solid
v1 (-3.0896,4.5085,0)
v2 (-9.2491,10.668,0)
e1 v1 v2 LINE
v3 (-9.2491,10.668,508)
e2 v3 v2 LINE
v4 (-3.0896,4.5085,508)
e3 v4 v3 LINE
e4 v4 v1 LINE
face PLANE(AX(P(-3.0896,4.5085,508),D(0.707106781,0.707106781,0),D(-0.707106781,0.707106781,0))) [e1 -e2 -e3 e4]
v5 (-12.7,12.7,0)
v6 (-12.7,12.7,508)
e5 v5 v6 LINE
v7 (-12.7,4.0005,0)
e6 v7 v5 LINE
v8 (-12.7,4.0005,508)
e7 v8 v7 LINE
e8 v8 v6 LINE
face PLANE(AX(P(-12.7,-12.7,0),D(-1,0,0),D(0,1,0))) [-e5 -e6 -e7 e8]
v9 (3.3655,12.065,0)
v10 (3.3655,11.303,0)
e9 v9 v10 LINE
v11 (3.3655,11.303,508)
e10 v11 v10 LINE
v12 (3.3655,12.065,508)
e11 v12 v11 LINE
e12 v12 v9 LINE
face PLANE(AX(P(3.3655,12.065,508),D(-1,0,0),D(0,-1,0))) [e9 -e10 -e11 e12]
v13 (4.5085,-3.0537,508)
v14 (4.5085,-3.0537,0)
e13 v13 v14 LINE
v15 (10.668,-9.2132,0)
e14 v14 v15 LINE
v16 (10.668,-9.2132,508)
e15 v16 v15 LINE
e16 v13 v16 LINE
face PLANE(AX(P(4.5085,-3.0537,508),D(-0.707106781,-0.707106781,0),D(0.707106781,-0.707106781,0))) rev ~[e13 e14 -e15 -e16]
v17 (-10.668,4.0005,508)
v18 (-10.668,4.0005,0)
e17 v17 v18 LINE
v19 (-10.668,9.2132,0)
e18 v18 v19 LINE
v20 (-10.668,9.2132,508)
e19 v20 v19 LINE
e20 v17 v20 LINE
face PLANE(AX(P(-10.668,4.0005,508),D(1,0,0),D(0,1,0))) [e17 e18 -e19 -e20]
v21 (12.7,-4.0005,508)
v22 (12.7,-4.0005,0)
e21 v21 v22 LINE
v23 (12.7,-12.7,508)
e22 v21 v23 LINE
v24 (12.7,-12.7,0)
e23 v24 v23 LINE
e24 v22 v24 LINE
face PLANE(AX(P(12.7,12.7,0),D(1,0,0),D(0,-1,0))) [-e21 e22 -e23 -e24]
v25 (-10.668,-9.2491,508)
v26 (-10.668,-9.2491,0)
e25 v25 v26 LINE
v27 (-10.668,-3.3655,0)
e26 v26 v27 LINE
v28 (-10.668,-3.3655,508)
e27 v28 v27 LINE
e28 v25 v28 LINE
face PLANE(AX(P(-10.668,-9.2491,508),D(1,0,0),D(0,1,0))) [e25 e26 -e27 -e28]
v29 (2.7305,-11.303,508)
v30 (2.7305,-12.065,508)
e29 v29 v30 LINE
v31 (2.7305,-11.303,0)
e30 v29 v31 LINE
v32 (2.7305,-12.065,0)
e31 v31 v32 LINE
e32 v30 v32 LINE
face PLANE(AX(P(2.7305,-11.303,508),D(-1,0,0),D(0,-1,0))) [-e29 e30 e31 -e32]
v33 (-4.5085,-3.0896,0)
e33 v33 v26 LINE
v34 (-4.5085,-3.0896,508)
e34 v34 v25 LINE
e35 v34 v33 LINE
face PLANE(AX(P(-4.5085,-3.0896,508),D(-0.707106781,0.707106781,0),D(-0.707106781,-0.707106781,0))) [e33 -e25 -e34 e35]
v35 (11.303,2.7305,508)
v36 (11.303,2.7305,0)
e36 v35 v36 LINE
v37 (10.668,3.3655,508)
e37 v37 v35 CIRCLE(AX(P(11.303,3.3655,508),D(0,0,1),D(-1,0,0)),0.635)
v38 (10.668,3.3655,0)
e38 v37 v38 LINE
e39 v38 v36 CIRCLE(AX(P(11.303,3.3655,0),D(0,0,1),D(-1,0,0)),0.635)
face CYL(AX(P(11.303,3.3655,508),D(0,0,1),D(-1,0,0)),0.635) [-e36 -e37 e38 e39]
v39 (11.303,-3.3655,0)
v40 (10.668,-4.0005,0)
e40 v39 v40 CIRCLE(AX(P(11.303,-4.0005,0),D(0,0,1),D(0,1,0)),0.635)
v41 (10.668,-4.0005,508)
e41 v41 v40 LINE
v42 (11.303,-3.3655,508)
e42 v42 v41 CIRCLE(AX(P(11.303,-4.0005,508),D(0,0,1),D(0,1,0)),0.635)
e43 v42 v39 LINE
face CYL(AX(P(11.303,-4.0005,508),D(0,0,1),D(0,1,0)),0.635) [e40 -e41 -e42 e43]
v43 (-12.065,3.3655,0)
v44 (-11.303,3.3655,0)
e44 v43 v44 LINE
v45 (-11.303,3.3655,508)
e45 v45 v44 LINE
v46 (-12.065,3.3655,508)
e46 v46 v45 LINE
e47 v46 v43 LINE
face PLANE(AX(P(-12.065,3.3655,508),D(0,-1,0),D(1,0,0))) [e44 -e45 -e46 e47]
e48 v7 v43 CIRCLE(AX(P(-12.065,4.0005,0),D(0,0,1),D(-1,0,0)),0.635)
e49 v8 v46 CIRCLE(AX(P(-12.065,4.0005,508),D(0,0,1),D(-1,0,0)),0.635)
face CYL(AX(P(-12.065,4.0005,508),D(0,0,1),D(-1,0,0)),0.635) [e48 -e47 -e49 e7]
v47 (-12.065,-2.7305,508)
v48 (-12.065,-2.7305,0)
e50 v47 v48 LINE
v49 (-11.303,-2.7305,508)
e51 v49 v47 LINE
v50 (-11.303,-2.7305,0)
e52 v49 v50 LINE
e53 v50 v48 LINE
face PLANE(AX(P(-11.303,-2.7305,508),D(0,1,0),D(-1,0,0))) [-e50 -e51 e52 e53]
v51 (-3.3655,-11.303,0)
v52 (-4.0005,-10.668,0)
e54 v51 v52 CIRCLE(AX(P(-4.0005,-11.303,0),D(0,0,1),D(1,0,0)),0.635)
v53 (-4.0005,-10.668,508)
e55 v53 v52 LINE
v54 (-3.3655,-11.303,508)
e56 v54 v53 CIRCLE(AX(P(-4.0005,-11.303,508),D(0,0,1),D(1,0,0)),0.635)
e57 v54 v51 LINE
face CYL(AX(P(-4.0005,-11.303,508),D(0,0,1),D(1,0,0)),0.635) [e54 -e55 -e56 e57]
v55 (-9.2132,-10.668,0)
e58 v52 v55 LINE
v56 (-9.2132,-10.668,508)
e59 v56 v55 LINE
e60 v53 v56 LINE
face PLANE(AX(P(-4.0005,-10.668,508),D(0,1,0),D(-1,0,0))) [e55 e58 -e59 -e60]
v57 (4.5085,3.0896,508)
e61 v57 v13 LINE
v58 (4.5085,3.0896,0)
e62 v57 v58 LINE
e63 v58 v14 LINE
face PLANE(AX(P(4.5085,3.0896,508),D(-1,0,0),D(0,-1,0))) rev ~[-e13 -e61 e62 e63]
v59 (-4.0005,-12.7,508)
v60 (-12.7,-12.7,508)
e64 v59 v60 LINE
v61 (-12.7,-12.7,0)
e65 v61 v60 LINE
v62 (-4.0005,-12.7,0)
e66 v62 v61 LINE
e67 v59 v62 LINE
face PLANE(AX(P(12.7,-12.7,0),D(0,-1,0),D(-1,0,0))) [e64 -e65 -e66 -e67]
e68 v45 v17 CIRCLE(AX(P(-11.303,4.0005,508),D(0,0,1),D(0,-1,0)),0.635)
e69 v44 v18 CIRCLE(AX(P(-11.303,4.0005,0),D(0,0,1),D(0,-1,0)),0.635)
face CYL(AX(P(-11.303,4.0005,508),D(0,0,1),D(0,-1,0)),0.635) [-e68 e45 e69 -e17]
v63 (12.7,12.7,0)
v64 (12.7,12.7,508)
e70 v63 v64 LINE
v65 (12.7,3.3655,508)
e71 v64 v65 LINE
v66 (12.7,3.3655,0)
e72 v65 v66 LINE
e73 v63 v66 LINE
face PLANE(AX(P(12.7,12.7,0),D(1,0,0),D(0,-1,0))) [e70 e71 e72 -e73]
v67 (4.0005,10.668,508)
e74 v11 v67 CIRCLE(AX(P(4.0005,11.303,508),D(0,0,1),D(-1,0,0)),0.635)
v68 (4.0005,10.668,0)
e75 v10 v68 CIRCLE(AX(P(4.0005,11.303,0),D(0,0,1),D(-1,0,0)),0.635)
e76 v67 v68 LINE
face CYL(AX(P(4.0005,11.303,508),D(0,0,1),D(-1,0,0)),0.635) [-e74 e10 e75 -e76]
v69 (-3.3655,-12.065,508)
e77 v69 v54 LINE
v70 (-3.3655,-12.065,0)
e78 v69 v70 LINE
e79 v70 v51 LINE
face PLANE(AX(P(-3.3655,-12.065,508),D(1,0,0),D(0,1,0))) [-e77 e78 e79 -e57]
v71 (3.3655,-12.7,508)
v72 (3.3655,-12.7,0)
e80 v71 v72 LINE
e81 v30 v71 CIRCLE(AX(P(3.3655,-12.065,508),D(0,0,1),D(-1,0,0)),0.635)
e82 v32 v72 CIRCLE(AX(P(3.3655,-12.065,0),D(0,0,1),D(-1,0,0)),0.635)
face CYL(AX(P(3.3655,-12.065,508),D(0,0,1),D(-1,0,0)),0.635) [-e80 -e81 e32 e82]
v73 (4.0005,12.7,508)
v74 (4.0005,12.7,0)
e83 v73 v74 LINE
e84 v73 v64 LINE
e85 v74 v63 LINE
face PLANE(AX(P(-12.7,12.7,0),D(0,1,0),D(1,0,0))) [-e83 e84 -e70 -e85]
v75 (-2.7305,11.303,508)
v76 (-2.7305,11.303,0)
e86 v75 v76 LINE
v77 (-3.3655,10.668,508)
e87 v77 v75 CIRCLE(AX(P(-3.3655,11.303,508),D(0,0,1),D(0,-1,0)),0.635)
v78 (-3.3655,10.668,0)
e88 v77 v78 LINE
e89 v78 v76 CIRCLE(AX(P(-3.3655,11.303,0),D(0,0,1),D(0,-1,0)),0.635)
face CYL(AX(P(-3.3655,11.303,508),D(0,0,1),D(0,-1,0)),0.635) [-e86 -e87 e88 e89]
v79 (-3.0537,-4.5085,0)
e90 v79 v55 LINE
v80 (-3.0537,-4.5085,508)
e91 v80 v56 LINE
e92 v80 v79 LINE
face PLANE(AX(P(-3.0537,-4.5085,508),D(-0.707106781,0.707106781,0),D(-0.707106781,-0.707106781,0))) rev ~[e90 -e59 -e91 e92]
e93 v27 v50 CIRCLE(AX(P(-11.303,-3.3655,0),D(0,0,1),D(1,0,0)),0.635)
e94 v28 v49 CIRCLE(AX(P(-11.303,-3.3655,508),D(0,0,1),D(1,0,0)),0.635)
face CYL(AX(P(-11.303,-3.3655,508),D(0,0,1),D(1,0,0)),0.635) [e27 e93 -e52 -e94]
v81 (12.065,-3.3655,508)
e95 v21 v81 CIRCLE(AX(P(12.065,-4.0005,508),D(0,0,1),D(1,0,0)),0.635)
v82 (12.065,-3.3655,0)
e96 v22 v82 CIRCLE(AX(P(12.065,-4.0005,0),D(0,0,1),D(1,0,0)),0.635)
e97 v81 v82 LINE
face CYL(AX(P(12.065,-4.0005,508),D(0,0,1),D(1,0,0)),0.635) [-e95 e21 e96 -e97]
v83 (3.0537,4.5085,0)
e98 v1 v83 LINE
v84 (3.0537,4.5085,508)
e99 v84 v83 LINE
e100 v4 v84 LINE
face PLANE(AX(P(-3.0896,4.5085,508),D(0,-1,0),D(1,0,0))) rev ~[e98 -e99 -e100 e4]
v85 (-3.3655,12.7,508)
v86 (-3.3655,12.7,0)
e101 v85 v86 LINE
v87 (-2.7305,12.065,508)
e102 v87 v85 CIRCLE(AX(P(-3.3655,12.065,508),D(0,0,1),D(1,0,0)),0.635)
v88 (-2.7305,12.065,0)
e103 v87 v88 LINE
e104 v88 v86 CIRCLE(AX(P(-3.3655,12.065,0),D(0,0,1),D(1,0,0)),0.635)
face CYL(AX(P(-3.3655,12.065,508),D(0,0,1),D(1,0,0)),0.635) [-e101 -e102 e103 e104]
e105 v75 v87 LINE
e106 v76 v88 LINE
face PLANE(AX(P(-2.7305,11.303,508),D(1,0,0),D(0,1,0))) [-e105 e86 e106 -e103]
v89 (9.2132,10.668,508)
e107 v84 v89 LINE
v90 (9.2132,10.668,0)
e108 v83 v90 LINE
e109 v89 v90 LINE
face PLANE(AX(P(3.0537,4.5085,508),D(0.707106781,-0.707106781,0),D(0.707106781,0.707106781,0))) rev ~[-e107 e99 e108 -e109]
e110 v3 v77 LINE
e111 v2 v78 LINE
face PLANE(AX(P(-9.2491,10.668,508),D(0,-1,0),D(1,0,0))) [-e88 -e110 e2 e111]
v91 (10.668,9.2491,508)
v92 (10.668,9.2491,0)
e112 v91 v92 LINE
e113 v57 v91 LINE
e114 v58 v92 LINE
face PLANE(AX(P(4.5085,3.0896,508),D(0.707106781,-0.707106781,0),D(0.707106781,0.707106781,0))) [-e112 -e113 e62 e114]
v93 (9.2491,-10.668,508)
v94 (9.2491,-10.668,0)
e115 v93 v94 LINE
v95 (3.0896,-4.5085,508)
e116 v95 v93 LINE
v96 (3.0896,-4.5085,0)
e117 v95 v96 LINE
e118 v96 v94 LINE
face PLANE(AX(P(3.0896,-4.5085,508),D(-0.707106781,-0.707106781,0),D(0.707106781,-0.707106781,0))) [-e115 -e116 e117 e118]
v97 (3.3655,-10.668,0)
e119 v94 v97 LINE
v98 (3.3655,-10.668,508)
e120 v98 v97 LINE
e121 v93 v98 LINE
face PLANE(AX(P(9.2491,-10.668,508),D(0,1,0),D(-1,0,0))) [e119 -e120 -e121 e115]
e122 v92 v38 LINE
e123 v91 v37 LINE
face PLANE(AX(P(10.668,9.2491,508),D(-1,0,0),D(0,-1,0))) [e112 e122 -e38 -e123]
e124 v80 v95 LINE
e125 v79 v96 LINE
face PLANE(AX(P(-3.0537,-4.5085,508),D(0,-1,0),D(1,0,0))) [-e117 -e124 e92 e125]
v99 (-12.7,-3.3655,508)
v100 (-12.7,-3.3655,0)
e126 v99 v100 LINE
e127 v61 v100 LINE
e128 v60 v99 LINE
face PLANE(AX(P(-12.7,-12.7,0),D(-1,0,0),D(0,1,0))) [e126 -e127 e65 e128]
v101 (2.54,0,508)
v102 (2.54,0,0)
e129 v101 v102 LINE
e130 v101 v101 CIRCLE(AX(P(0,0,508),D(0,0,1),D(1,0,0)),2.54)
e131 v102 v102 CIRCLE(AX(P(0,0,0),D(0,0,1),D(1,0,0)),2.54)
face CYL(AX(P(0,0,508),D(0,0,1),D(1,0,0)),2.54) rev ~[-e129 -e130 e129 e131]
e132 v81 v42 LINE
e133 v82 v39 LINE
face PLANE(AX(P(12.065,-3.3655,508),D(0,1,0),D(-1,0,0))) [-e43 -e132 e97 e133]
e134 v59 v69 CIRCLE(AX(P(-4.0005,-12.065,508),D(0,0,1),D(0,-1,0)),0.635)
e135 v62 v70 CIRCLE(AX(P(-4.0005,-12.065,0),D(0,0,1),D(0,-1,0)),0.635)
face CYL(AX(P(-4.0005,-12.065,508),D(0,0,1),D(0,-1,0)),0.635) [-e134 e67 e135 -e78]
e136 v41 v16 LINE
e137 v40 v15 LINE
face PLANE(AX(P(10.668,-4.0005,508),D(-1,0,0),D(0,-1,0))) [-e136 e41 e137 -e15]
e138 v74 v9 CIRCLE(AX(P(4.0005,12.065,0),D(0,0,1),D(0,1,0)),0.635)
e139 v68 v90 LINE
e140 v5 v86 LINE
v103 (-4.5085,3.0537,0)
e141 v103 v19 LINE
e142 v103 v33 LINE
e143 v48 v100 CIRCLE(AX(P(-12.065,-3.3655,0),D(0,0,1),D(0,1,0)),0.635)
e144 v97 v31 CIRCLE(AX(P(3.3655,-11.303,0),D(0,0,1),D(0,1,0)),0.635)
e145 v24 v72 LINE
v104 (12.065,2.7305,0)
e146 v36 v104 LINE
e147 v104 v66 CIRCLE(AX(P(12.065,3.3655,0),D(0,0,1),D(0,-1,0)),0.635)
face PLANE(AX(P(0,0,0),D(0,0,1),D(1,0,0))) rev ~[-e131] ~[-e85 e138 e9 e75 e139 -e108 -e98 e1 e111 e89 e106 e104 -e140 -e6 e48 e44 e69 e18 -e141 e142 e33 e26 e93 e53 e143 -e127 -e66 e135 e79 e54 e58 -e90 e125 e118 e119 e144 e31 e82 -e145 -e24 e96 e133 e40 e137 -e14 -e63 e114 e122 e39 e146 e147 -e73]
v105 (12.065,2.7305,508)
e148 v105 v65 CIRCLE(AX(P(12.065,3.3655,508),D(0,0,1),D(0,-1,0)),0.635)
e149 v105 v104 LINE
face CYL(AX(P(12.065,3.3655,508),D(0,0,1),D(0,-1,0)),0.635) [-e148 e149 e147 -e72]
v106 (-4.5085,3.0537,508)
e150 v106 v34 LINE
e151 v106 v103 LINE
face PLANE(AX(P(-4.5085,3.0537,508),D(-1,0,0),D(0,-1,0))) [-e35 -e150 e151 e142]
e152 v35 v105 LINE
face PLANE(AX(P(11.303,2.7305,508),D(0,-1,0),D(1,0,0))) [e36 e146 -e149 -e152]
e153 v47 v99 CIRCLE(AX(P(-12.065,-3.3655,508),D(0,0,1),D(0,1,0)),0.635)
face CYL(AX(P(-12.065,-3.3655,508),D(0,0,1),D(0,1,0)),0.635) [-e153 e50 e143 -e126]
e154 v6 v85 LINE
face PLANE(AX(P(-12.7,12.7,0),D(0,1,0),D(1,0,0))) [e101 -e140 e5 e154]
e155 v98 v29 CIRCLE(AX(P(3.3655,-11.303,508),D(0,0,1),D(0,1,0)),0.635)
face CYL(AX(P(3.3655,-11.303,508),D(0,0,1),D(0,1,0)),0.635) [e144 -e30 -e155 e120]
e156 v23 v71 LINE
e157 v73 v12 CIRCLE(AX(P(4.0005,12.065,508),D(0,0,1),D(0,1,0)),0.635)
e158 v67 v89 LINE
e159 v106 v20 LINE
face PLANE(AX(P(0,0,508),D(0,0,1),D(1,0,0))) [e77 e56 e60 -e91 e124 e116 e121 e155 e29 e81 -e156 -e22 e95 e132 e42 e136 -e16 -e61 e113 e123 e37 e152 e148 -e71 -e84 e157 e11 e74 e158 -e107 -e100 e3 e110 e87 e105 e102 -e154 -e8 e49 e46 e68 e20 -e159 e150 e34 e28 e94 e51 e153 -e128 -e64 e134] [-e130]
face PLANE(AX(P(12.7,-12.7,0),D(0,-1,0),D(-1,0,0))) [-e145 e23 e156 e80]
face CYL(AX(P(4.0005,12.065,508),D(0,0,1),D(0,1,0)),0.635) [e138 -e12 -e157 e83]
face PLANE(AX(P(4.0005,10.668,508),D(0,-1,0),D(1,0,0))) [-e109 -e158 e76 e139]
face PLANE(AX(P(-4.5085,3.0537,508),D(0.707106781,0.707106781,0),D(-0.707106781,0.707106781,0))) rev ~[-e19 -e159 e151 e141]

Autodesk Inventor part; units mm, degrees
ref_plane "YZ Plane" through (0, 0, 0) normal (1, 0, 0) x (0, 1, 0)
ref_plane "XZ Plane" through (0, 0, 0) normal (0, 1, 0) x (-1, 0, 0)
ref_plane "XY Plane" through (0, 0, 0) normal (0, 0, 1) x (1, 0, 0)
sketch "Sketch1" plane through (0, 0, 0) normal (0, 0, 1) x (1, 0, 0)
  line L0 (-12.7, 12.7) -> (12.7, 12.7)
  line L1 (12.7, 12.7) -> (12.7, -12.7)
  line L2 (12.7, -12.7) -> (-12.7, -12.7)
  line L3 (-12.7, -12.7) -> (-12.7, 12.7)
  point P0 (0, 0)
  dimension "d0" = 25.4
  dimension "d1" = 25.4
  dimension "d2" = 12.7
  dimension "d3" = 12.7
extrude "Extrusion1" add sketch "Sketch1" along normal blind 508
sketch "Sketch2" plane through (0, 0, 508) normal (0, 0, 1) x (1, 0, 0)
  circle A0 centre (0, 0) radius 2.54
  line L0 (-4.5085, 4.5085) -> (4.5085, 4.5085)
  line L1 (-4.5085, -4.5085) -> (4.5085, -4.5085)
  line L2 (4.5085, 4.5085) -> (4.5085, -4.5085)
  line L3 (-4.5085, 4.5085) -> (-4.5085, -4.5085)
  line L4 (-3.0896, 4.5085) -> (-11.2811, 12.7)
  line L5 (-4.5085, 3.0537) -> (-12.7, 11.2452)
  line L6 (12.7, 12.7) -> (-12.7, 12.7) projected
  line L7 (-12.7, 12.7) -> (-12.7, 4.0005)
  line L8 (-10.668, 4.0005) -> (-10.668, 9.2132)
  line L9 (-9.2491, 10.668) -> (-3.3655, 10.668)
  line L10 (-12.7, 12.7) -> (-3.3655, 12.7)
  line L11 (-2.7305, 11.303) -> (-2.7305, 12.065)
  line L12 (-12.065, 3.3655) -> (-11.303, 3.3655)
  arc A1 (-12.7, 4.0005) -> (-12.065, 3.3655) centre (-12.065, 4.0005) ccw
  arc A2 (-11.303, 3.3655) -> (-10.668, 4.0005) centre (-11.303, 4.0005) ccw
  arc A3 (-3.3655, 10.668) -> (-2.7305, 11.303) centre (-3.3655, 11.303) ccw
  arc A4 (-2.7305, 12.065) -> (-3.3655, 12.7) centre (-3.3655, 12.065) ccw
  arc A5 (-3.3655, -11.303) -> (-4.0005, -10.668) centre (-4.0005, -11.303) ccw
  line L13 (-3.3655, -12.065) -> (-3.3655, -11.303)
  arc A6 (-4.0005, -12.7) -> (-3.3655, -12.065) centre (-4.0005, -12.065) ccw
  line L14 (-3.0537, -4.5085) -> (-11.2452, -12.7)
  line L15 (-10.668, -9.2491) -> (-10.668, -3.3655)
  line L16 (-4.5085, -3.0896) -> (-12.7, -11.2811)
  line L17 (-12.7, -12.7) -> (-12.7, -3.3655)
  arc A7 (-10.668, -3.3655) -> (-11.303, -2.7305) centre (-11.303, -3.3655) ccw
  line L18 (-11.303, -2.7305) -> (-12.065, -2.7305)
  arc A8 (-12.065, -2.7305) -> (-12.7, -3.3655) centre (-12.065, -3.3655) ccw
  line L19 (-4.0005, -10.668) -> (-9.2132, -10.668)
  line L20 (-12.7, -12.7) -> (-4.0005, -12.7)
  arc A9 (11.303, -3.3655) -> (10.668, -4.0005) centre (11.303, -4.0005) ccw
  line L21 (12.065, -3.3655) -> (11.303, -3.3655)
  arc A10 (12.7, -4.0005) -> (12.065, -3.3655) centre (12.065, -4.0005) ccw
  line L22 (4.5085, -3.0537) -> (12.7, -11.2452)
  line L23 (9.2491, -10.668) -> (3.3655, -10.668)
  line L24 (3.0896, -4.5085) -> (11.2811, -12.7)
  line L25 (12.7, -12.7) -> (3.3655, -12.7)
  arc A11 (3.3655, -10.668) -> (2.7305, -11.303) centre (3.3655, -11.303) ccw
  line L26 (2.7305, -11.303) -> (2.7305, -12.065)
  arc A12 (2.7305, -12.065) -> (3.3655, -12.7) centre (3.3655, -12.065) ccw
  line L27 (10.668, -4.0005) -> (10.668, -9.2132)
  line L28 (12.7, -12.7) -> (12.7, -4.0005)
  arc A13 (3.3655, 11.303) -> (4.0005, 10.668) centre (4.0005, 11.303) ccw
  line L29 (3.3655, 12.065) -> (3.3655, 11.303)
  arc A14 (4.0005, 12.7) -> (3.3655, 12.065) centre (4.0005, 12.065) ccw
  line L30 (3.0537, 4.5085) -> (11.2452, 12.7)
  line L31 (10.668, 9.2491) -> (10.668, 3.3655)
  line L32 (4.5085, 3.0896) -> (12.7, 11.2811)
  line L33 (12.7, 12.7) -> (12.7, 3.3655)
  arc A15 (10.668, 3.3655) -> (11.303, 2.7305) centre (11.303, 3.3655) ccw
  line L34 (11.303, 2.7305) -> (12.065, 2.7305)
  arc A16 (12.065, 2.7305) -> (12.7, 3.3655) centre (12.065, 3.3655) ccw
  line L35 (4.0005, 10.668) -> (9.2132, 10.668)
  line L36 (12.7, 12.7) -> (4.0005, 12.7)
  line L37 (-4.5085, 3.0537) -> (-4.5085, 4.5085)
  line L38 (-3.0896, 4.5085) -> (-4.5085, 4.5085)
  line L39 (-12.7, -12.7) -> (-4.0005, -12.7)
  line L40 (-4.0005, -10.668) -> (-9.2132, -10.668)
  line L41 (-10.668, -9.2491) -> (-10.668, -3.3655)
  line L42 (-12.7, -12.7) -> (-12.7, -3.3655)
  line L43 (-11.303, -2.7305) -> (-12.065, -2.7305)
  arc A17 (-10.668, -3.3655) -> (-11.303, -2.7305) centre (-11.303, -3.3655) ccw
  arc A18 (-12.065, -2.7305) -> (-12.7, -3.3655) centre (-12.065, -3.3655) ccw
  line L44 (-4.5085, -3.0896) -> (-4.5085, -4.5085)
  line L45 (-4.5085, -3.0896) -> (-12.7, -11.2811)
  line L46 (-3.0537, -4.5085) -> (-4.5085, -4.5085)
  line L47 (-3.0537, -4.5085) -> (-11.2452, -12.7)
  line L48 (-4.5085, -4.5085) -> (-4.5085, 4.5085)
  circle A19 centre (0, 0) radius 2.54
  line L49 (-4.5085, -4.5085) -> (4.5085, -4.5085)
  line L50 (-3.3655, -12.065) -> (-3.3655, -11.303)
  arc A20 (-4.0005, -12.7) -> (-3.3655, -12.065) centre (-4.0005, -12.065) ccw
  arc A21 (-3.3655, -11.303) -> (-4.0005, -10.668) centre (-4.0005, -11.303) ccw
  line L51 (12.7, -12.7) -> (12.7, -4.0005)
  line L52 (10.668, -4.0005) -> (10.668, -9.2132)
  line L53 (9.2491, -10.668) -> (3.3655, -10.668)
  line L54 (12.7, -12.7) -> (3.3655, -12.7)
  line L55 (2.7305, -11.303) -> (2.7305, -12.065)
  arc A22 (3.3655, -10.668) -> (2.7305, -11.303) centre (3.3655, -11.303) ccw
  arc A23 (2.7305, -12.065) -> (3.3655, -12.7) centre (3.3655, -12.065) ccw
  line L56 (3.0896, -4.5085) -> (4.5085, -4.5085)
  line L57 (3.0896, -4.5085) -> (11.2811, -12.7)
  line L58 (4.5085, -3.0537) -> (4.5085, -4.5085)
  line L59 (4.5085, -3.0537) -> (12.7, -11.2452)
  line L60 (4.5085, -4.5085) -> (-4.5085, -4.5085)
  circle A24 centre (0, 0) radius 2.54
  line L61 (4.5085, -4.5085) -> (4.5085, 4.5085)
  line L62 (12.065, -3.3655) -> (11.303, -3.3655)
  arc A25 (12.7, -4.0005) -> (12.065, -3.3655) centre (12.065, -4.0005) ccw
  arc A26 (11.303, -3.3655) -> (10.668, -4.0005) centre (11.303, -4.0005) ccw
  line L63 (12.7, 12.7) -> (4.0005, 12.7)
  line L64 (4.0005, 10.668) -> (9.2132, 10.668)
  line L65 (10.668, 9.2491) -> (10.668, 3.3655)
  line L66 (12.7, 12.7) -> (12.7, 3.3655)
  line L67 (11.303, 2.7305) -> (12.065, 2.7305)
  arc A27 (10.668, 3.3655) -> (11.303, 2.7305) centre (11.303, 3.3655) ccw
  arc A28 (12.065, 2.7305) -> (12.7, 3.3655) centre (12.065, 3.3655) ccw
  line L68 (4.5085, 3.0896) -> (4.5085, 4.5085)
  line L69 (4.5085, 3.0896) -> (12.7, 11.2811)
  line L70 (3.0537, 4.5085) -> (4.5085, 4.5085)
  line L71 (3.0537, 4.5085) -> (11.2452, 12.7)
  line L72 (4.5085, 4.5085) -> (4.5085, -4.5085)
  circle A29 centre (0, 0) radius 2.54
  line L73 (4.5085, 4.5085) -> (-4.5085, 4.5085)
  line L74 (3.3655, 12.065) -> (3.3655, 11.303)
  arc A30 (4.0005, 12.7) -> (3.3655, 12.065) centre (4.0005, 12.065) ccw
  arc A31 (3.3655, 11.303) -> (4.0005, 10.668) centre (4.0005, 11.303) ccw
  point P0 (-12.7, 3.3655)
  point P1 (-2.7305, 12.7)
  point P2 (-3.3655, -12.7)
  point P3 (-12.7, -2.7305)
  point P4 (12.7, -3.3655)
  point P5 (2.7305, -12.7)
  point P6 (3.3655, 12.7)
  point P7 (12.7, 2.7305)
  point P8 (-3.3655, -12.7)
  point P9 (-12.7, -2.7305)
  point P10 (12.7, -3.3655)
  point P11 (2.7305, -12.7)
  point P12 (3.3655, 12.7)
  point P13 (12.7, 2.7305)
  dimension "d6" = 5.08
  dimension "d7" = 9.017
  dimension "d8" = 4.5085
  dimension "d9" = 4.5085
  dimension "d10" = 4.5085
  dimension "d11" = 2.032
  dimension "d12" = 1.0033
  dimension "d13" = 135
  dimension "d17" = 9.3345
  dimension "d19" = 2.032
  dimension "d20" = 2.032
  dimension "d21" = 0.635
  dimension "d22" = 9.3345
  dimension "d25" = 360
  dimension "d29" = 360
extrude "Extrusion2" cut sketch "Sketch2" against normal blind 1219.2 contours L3 L5 L7 L6 L4 L0 | L0 L2 L1 L3 | L30 L6 L33 L32 L2 L0 | L4 L6 A4 L11 A3 L9 | L3 L1 L14 L20 L17 L16 | L8 A2 L12 A1 L7 L5 | L35 A13 L29 A14 L6 L30 | L16 L17 A8 L18 A7 L15 | L22 L28 L25 L24 L1 L2 | L32 L33 A16 L34 A15 L31 | L19 A5 L13 A6 L20 L14 | L27 A9 L21 A10 L28 L22 | L24 L25 A12 L26 A11 L23 keep common part
equation "\"d22\" = d17"
properties part number "20 in 80-20 extrusion"
